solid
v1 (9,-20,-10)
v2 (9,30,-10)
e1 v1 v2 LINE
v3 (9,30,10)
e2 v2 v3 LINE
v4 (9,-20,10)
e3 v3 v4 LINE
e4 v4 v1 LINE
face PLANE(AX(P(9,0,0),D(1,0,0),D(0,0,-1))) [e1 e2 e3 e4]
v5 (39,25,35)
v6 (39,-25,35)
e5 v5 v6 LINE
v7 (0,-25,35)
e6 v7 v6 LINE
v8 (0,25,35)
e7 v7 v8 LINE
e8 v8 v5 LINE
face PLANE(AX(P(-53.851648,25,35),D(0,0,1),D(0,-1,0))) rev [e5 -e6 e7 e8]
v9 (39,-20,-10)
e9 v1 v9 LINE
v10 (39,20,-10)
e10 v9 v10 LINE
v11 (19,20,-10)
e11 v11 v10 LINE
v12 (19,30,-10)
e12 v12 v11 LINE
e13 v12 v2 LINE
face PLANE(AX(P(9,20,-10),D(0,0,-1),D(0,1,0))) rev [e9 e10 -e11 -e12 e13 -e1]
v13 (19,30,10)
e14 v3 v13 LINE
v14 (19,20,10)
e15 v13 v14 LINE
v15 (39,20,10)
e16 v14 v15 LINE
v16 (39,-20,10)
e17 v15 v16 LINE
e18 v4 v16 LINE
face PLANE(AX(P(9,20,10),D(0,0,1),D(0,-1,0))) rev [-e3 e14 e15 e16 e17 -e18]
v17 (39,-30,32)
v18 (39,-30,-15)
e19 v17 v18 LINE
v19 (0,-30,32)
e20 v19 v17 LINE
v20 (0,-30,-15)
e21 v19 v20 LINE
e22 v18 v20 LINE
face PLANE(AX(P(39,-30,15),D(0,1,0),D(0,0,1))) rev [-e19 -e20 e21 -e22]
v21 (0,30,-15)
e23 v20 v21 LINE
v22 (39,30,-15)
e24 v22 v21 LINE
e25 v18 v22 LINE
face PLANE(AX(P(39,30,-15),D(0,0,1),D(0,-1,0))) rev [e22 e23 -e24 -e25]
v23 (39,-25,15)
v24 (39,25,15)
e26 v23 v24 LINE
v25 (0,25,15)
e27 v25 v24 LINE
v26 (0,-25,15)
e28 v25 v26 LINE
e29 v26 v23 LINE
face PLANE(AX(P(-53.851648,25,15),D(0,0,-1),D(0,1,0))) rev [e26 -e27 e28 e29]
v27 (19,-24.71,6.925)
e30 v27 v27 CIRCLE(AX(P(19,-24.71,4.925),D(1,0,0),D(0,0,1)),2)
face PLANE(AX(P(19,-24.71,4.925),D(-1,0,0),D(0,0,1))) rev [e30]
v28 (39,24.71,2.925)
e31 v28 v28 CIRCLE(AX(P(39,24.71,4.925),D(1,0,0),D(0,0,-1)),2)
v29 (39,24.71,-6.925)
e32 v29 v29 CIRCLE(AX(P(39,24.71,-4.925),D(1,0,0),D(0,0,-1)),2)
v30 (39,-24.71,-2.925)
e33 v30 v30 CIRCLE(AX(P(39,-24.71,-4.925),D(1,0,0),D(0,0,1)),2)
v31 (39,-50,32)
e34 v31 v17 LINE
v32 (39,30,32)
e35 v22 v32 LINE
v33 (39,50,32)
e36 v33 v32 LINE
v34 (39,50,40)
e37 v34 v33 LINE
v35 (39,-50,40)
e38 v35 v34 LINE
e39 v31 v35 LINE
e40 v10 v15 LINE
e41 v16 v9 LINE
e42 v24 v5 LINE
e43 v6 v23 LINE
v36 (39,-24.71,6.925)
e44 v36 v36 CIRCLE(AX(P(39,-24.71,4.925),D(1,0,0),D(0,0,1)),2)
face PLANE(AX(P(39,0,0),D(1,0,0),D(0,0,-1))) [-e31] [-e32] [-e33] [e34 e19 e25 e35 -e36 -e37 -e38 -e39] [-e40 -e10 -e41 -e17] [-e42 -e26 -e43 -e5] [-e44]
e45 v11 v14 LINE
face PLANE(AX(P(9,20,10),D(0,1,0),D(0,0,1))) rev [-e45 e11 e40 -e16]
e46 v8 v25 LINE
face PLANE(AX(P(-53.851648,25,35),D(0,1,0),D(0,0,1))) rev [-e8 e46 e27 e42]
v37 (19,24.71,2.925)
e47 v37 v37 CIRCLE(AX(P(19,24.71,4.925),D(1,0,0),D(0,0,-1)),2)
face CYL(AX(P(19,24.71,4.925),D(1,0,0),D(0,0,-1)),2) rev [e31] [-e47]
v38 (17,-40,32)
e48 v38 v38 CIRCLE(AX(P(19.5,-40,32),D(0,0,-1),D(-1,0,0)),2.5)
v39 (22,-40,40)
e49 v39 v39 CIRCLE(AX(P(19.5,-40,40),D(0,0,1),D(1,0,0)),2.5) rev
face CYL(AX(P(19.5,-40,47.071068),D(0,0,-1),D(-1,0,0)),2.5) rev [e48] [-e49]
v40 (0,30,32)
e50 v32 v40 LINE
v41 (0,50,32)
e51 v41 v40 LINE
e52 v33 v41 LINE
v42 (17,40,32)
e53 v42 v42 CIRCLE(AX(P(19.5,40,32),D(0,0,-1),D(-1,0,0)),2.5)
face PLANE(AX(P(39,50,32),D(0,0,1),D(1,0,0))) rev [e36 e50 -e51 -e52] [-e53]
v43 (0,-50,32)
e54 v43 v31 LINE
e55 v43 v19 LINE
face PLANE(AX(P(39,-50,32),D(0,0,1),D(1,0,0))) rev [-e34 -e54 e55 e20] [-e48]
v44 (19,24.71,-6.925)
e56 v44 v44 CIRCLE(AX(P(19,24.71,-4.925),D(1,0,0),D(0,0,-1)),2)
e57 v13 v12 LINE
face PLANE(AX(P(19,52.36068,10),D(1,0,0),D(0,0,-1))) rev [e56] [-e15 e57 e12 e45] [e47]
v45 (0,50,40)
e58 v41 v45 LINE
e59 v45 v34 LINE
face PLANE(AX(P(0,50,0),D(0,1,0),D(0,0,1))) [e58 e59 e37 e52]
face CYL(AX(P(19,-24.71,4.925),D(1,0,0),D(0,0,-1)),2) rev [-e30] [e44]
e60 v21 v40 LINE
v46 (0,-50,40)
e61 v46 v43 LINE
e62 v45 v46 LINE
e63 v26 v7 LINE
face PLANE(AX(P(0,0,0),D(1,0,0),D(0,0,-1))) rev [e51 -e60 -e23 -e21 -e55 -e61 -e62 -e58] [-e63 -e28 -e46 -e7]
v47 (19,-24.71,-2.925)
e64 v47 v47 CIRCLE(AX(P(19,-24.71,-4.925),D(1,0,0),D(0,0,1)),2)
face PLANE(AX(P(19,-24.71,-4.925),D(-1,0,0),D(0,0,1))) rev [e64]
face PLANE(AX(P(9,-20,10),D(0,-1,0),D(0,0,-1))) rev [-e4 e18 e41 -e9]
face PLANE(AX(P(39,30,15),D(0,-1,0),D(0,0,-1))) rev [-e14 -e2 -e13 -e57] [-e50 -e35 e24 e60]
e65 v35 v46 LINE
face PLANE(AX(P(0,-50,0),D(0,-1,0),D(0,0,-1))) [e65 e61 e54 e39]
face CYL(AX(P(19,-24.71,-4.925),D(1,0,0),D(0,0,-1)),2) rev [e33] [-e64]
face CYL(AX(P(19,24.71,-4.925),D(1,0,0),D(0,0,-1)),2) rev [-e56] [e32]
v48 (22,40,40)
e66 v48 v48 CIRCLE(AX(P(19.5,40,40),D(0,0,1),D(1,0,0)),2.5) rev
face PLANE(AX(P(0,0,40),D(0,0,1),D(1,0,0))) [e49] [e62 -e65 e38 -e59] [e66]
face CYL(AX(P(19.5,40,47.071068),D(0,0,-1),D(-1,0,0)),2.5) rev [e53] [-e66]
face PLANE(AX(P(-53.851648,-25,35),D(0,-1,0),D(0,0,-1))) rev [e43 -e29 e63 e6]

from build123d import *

# Parameters (mm, degrees)
SKETCH1_W           = 30
SKETCH1_H           = 60
BOSS_EXTRUDE1_DEPTH = 39
SKETCH2_W           = 20
SKETCH2_H           = 40
CUT_EXTRUDE1_DEPTH  = 30
SKETCH3_R           = 2
CUT_EXTRUDE2_DEPTH  = 20
SKETCH4_W           = 10
SKETCH4_H           = 20
CUT_EXTRUDE3_DEPTH  = 10
SKETCH5_W           = 39
SKETCH5_H           = 60
BOSS_EXTRUDE2_DEPTH = 25
SKETCH6_W           = 20
SKETCH6_H           = 50
CUT_EXTRUDE4_DEPTH  = 39
SKETCH7_W           = 39
SKETCH7_H           = 8
BOSS_EXTRUDE3_DEPTH = 20
SKETCH8_W           = 39
SKETCH8_H           = 8
BOSS_EXTRUDE4_DEPTH = 20
SKETCH9_R           = 2.5
CUT_EXTRUDE5_DEPTH  = 8


with BuildPart() as part:
    # Sketch1 → Boss-Extrude1 (new body)
    with BuildSketch(Plane(origin=(0, 0, 0), x_dir=(0, 0, -1), z_dir=(1, 0, 0))):
        Rectangle(SKETCH1_W, SKETCH1_H)
    extrude(amount=BOSS_EXTRUDE1_DEPTH)

    # Sketch2 → Cut-Extrude1 (cut)
    with BuildSketch(Plane(origin=(39, 0, 0), x_dir=(0, 0, -1), z_dir=(1, 0, 0))):
        Rectangle(SKETCH2_W, SKETCH2_H)
    extrude(amount=-CUT_EXTRUDE1_DEPTH, mode=Mode.SUBTRACT)

    # Sketch3 → Cut-Extrude2 (cut)
    with BuildSketch(Plane(origin=(39, 0, 0), x_dir=(0, 0, -1), z_dir=(1, 0, 0))):
        with Locations((-4.925, 24.71)):
            Circle(SKETCH3_R)
        with Locations((4.925, 24.71)):
            Circle(SKETCH3_R)
        with Locations(Location((4.925, -24.71, 0), (0, 0, 180))):
            Circle(SKETCH3_R)
        with Locations(Location((-4.925, -24.71, 0), (0, 0, 180))):
            Circle(SKETCH3_R)
    extrude(amount=-CUT_EXTRUDE2_DEPTH, mode=Mode.SUBTRACT)

    # Sketch4 → Cut-Extrude3 (cut)
    with BuildSketch(Plane.XZ.offset(-20)):
        with Locations((14, 0)):
            Rectangle(SKETCH4_W, SKETCH4_H)
    extrude(amount=-CUT_EXTRUDE3_DEPTH, mode=Mode.SUBTRACT)

    # Sketch5 → Boss-Extrude2 (add)
    with BuildSketch(Plane.XY.offset(15)):
        with Locations((19.5, 0)):
            Rectangle(SKETCH5_W, SKETCH5_H)
    extrude(amount=BOSS_EXTRUDE2_DEPTH)

    # Sketch6 → Cut-Extrude4 (cut)
    with BuildSketch(Plane(origin=(39, 0, 0), x_dir=(0, 0, -1), z_dir=(1, 0, 0))):
        with Locations((-25, 0)):
            Rectangle(SKETCH6_W, SKETCH6_H)
    extrude(amount=-CUT_EXTRUDE4_DEPTH, mode=Mode.SUBTRACT)

    # Sketch7 → Boss-Extrude3 (add)
    with BuildSketch(Plane(origin=(0, -30, 0), x_dir=(-1, 0, 0), z_dir=(0, -1, 0))):
        with Locations((-19.5, -36)):
            Rectangle(SKETCH7_W, SKETCH7_H)
    extrude(amount=BOSS_EXTRUDE3_DEPTH)

    # Sketch8 → Boss-Extrude4 (add)
    with BuildSketch(Plane(origin=(0, 30, 0), x_dir=(1, 0, 0), z_dir=(0, 1, 0))):
        with Locations((19.5, -36)):
            Rectangle(SKETCH8_W, SKETCH8_H)
    extrude(amount=BOSS_EXTRUDE4_DEPTH)

    # Sketch9 → Cut-Extrude5 (cut)
    with BuildSketch(Plane(origin=(0, 0, 32), x_dir=(-1, 0, 0), z_dir=(0, 0, -1))):
        with Locations((-19.5, -40)):
            Circle(SKETCH9_R)
        with Locations((-19.5, 40)):
            Circle(SKETCH9_R)
    extrude(amount=-CUT_EXTRUDE5_DEPTH, mode=Mode.SUBTRACT)


solid = part.part
